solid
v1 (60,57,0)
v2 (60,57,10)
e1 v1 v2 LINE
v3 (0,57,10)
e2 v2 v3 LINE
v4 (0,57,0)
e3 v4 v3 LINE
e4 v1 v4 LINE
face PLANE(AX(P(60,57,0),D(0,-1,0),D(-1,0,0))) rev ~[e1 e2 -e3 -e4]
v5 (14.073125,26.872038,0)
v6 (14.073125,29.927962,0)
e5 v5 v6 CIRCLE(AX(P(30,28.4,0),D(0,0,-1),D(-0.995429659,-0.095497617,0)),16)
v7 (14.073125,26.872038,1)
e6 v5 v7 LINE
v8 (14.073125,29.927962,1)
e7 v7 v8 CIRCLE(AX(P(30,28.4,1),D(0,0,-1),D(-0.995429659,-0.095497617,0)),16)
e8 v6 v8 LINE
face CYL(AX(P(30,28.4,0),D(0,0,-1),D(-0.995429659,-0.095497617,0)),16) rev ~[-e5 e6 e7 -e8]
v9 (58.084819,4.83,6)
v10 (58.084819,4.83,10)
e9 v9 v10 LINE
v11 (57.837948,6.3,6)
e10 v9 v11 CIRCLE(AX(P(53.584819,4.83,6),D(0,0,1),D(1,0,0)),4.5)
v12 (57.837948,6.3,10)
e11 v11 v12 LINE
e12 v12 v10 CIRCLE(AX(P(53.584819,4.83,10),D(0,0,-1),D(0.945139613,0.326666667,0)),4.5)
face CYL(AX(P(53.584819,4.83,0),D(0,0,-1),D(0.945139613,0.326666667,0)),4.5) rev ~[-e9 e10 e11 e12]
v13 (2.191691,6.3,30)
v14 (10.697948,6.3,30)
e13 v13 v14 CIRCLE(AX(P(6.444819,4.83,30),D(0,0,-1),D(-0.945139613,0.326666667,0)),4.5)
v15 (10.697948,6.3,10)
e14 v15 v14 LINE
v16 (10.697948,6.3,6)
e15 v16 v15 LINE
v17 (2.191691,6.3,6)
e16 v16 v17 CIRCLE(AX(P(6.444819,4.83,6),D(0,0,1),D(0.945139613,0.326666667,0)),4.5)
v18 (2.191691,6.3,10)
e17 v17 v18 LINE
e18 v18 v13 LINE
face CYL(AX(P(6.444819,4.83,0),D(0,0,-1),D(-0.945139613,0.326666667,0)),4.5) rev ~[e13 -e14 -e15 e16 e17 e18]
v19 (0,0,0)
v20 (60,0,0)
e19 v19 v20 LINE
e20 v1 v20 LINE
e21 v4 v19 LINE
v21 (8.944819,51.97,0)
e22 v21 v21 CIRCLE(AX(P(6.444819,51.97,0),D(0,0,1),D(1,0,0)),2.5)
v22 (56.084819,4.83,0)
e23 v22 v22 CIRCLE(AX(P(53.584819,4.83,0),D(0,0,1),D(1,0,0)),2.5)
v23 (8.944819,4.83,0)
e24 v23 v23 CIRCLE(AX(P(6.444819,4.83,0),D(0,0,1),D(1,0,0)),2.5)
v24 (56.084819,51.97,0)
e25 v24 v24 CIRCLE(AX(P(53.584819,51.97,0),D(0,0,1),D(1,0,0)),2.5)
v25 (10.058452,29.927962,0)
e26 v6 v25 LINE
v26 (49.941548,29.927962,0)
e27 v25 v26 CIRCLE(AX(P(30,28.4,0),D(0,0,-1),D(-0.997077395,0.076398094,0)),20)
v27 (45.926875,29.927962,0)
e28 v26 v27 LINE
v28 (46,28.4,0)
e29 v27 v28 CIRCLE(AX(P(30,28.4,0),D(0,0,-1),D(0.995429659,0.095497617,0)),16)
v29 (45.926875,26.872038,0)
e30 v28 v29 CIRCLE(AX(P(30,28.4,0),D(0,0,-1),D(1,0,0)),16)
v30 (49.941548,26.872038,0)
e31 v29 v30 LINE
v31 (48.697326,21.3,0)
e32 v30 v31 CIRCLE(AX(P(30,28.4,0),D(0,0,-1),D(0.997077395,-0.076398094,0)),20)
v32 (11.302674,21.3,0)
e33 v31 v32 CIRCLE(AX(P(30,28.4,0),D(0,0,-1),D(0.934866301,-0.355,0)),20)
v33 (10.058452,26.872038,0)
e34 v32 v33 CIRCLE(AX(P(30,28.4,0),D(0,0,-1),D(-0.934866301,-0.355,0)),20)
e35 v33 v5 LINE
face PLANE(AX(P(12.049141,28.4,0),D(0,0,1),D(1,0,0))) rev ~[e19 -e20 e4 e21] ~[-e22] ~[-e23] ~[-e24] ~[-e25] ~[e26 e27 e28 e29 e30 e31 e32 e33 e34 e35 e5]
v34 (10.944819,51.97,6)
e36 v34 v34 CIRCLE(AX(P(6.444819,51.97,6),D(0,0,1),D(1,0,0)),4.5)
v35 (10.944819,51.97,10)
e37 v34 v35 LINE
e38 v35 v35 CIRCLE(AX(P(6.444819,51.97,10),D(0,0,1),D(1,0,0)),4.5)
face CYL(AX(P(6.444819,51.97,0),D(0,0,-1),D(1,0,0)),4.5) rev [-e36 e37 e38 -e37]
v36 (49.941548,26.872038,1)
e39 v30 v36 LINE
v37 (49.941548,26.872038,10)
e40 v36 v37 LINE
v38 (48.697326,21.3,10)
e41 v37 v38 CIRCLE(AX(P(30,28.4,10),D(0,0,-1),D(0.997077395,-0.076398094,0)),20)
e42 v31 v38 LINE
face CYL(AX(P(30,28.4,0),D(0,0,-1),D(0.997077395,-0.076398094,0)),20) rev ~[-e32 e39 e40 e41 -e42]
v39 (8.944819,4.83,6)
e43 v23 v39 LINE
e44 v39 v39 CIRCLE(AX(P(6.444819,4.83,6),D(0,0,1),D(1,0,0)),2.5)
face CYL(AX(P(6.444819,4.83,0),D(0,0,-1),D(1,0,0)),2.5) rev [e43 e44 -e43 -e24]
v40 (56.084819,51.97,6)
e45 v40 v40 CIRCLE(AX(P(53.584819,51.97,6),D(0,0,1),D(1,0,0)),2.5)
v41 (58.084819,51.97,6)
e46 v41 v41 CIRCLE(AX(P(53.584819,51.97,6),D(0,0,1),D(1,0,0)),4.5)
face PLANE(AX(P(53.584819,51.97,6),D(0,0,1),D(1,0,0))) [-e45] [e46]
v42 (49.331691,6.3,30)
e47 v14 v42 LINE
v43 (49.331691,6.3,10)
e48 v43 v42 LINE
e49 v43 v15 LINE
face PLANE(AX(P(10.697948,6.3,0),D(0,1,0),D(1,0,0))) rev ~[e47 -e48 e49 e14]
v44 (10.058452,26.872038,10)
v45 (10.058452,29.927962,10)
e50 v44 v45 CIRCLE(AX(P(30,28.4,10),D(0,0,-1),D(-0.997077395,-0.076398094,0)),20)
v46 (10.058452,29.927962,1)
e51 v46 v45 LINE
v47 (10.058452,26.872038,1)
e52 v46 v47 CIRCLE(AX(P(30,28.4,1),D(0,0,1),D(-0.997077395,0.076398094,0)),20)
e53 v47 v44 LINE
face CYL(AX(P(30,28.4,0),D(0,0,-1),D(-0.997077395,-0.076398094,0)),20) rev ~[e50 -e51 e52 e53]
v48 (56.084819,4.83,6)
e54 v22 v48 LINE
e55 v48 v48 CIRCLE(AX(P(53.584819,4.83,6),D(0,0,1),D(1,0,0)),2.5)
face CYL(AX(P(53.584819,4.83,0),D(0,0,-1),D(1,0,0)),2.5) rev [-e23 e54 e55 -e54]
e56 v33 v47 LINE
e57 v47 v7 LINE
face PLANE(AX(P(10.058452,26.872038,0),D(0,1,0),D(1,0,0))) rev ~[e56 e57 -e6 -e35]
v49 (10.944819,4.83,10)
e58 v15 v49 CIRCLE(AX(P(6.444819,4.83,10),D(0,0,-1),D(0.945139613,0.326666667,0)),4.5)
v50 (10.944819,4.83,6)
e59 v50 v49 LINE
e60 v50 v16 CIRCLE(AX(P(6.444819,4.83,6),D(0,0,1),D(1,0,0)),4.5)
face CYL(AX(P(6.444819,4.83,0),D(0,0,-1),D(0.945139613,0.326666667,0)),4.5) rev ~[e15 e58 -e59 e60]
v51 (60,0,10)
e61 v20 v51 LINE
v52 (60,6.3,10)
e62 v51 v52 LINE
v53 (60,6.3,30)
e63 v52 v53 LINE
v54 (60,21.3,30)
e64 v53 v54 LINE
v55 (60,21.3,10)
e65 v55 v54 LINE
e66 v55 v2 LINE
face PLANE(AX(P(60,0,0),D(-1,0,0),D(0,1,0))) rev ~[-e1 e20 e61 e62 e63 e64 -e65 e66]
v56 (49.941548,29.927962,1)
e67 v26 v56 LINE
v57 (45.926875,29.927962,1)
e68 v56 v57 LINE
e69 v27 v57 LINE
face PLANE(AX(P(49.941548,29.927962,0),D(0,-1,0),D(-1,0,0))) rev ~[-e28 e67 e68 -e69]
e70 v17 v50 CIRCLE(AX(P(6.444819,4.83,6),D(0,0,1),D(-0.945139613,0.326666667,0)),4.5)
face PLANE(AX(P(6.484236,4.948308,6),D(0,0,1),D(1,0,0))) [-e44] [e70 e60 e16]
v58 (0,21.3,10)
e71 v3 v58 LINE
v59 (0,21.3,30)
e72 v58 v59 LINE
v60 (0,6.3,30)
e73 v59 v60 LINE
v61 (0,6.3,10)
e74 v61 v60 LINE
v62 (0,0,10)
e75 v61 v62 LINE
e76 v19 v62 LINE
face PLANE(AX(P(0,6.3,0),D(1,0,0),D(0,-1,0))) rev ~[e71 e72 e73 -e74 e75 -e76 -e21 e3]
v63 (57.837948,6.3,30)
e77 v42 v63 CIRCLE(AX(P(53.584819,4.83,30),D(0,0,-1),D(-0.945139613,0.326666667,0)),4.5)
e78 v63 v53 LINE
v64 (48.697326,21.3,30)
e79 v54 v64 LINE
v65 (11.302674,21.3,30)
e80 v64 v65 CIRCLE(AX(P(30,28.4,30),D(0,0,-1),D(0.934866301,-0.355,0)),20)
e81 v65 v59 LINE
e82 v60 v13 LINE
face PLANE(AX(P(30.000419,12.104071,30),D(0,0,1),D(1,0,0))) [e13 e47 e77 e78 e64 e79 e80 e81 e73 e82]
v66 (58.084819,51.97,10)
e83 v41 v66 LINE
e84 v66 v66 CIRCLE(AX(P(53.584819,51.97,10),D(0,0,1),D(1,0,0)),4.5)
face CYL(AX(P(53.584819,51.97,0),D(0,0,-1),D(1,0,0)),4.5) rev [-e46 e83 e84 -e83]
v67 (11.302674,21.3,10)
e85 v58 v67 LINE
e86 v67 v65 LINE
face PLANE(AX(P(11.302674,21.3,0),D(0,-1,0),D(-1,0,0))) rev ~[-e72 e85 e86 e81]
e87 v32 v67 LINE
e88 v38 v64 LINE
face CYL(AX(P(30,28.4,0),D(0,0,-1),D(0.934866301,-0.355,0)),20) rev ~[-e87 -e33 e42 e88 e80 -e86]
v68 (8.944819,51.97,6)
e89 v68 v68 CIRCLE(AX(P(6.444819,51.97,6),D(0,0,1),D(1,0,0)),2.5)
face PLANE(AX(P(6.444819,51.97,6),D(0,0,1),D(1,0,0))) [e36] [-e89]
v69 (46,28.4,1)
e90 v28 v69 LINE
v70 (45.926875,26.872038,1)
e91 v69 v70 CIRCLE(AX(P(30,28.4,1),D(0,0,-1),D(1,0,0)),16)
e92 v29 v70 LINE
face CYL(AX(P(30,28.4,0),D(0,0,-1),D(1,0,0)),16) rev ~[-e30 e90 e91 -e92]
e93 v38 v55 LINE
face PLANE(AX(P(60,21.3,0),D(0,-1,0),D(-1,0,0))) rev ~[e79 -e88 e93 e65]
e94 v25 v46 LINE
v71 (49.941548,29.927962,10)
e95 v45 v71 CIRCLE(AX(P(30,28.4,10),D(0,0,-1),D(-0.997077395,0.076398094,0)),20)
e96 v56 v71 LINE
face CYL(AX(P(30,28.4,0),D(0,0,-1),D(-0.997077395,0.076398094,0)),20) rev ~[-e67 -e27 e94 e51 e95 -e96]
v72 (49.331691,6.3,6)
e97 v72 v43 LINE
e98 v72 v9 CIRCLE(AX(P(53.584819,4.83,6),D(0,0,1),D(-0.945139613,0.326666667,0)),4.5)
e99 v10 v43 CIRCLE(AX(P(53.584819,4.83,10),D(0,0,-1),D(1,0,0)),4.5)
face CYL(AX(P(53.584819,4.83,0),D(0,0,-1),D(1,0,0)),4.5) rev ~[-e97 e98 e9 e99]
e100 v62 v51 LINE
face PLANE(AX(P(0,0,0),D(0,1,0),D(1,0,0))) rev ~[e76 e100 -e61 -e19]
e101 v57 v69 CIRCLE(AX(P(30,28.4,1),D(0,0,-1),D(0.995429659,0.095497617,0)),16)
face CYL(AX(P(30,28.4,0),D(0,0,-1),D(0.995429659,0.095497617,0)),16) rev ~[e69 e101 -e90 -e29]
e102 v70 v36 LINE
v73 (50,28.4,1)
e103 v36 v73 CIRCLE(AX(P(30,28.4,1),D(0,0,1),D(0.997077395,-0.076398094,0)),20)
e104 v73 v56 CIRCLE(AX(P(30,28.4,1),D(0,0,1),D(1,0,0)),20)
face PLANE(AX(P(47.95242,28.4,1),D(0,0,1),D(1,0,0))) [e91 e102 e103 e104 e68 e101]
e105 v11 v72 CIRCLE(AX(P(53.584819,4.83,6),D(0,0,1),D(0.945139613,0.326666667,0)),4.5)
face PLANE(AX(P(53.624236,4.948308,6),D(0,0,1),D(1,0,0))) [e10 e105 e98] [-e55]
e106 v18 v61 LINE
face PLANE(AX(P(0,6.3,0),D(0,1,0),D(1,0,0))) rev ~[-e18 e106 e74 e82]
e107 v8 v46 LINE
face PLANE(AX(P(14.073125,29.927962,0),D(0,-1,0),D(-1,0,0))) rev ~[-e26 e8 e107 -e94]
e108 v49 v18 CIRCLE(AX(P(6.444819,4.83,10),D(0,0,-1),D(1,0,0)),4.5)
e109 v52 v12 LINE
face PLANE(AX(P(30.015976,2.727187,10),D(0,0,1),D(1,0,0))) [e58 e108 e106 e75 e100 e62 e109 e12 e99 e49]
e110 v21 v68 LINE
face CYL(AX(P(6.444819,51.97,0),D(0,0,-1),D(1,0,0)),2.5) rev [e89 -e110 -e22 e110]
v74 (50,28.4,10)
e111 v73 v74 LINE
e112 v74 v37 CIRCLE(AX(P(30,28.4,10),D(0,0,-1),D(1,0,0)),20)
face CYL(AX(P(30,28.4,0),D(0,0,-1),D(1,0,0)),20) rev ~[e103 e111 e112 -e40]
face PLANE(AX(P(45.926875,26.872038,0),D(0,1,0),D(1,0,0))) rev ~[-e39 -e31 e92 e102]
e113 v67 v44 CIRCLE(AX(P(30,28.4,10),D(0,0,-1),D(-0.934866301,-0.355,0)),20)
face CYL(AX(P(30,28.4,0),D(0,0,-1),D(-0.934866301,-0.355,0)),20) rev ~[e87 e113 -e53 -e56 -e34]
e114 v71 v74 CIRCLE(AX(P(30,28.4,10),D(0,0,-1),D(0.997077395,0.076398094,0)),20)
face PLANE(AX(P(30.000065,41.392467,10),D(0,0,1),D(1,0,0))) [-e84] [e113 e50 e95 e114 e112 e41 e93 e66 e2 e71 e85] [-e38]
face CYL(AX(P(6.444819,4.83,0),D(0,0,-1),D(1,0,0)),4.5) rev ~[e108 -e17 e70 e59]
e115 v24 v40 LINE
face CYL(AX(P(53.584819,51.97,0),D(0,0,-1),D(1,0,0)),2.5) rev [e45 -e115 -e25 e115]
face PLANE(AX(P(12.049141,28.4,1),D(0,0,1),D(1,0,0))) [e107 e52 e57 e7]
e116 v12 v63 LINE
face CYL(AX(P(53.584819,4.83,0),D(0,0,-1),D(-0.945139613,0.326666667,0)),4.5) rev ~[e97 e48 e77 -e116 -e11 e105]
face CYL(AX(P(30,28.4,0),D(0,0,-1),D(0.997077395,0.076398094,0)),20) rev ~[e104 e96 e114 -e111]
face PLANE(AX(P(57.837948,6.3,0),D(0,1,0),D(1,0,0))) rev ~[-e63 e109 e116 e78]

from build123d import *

# Parameters (mm, degrees)
F0_R     = 4.5
F1_DEPTH = 10
F2_DEPTH = 30
F3_DEPTH = 10
F0_R_2   = 2.5
F4_DEPTH = 6
F5_DEPTH = 6
F6_DEPTH = 6
F7_DEPTH = 1


with BuildPart() as f1:
    # F0 (on Top) → F1 (new body)
    with BuildSketch(Plane.XY):
        with BuildLine():
            Line((0, 57), (0, 21.3))
            Line((0, 21.3), (11.302673988, 21.3))
            ThreePointArc((11.302673988, 21.3), (10.4807134754, 24.0413931616), (10.0584521038, 26.8720381207))
            ThreePointArc((10.0584521038, 26.8720381207), (10, 28.4), (10.0584521038, 29.9279618793))
            ThreePointArc((10.0584521038, 29.9279618793), (30, 48.4), (49.9415478962, 29.9279618793))
            ThreePointArc((49.9415478962, 29.9279618793), (49.9853816316, 29.1645397558), (50, 28.4))
            ThreePointArc((50, 28.4), (49.9853816316, 27.6354602442), (49.9415478962, 26.8720381207))
            ThreePointArc((49.9415478962, 26.8720381207), (49.5192865246, 24.0413931616), (48.697326012, 21.3))
            Line((48.697326012, 21.3), (60, 21.3))
            Line((60, 21.3), (60, 57))
            Line((60, 57), (0, 57))
        make_face()
        with Locations((6.4448192716, 51.97)):
            Circle(F0_R, mode=Mode.SUBTRACT)
        with Locations((53.5848192716, 51.97)):
            Circle(F0_R, mode=Mode.SUBTRACT)
    extrude(amount=F1_DEPTH)

    # F0 (on Top) → F2 (join)
    with BuildSketch(Plane.XY):
        with BuildLine():
            Line((0, 21.3), (0, 6.3))
            Line((0, 6.3), (2.1916910111, 6.3))
            ThreePointArc((2.1916910111, 6.3), (6.4448192716, 9.33), (10.697947532, 6.3))
            Line((10.697947532, 6.3), (49.3316910111, 6.3))
            ThreePointArc((49.3316910111, 6.3), (53.5848192716, 9.33), (57.837947532, 6.3))
            Line((57.837947532, 6.3), (60, 6.3))
            Line((60, 6.3), (60, 21.3))
            Line((60, 21.3), (48.697326012, 21.3))
            ThreePointArc((48.697326012, 21.3), (30, 8.4), (11.302673988, 21.3))
            Line((11.302673988, 21.3), (0, 21.3))
        make_face()
    extrude(amount=F2_DEPTH)

    # F0 (on Top) → F3 (join)
    with BuildSketch(Plane.XY):
        with BuildLine():
            Line((0, 6.3), (0, 0))
            Line((0, 0), (60, 0))
            Line((60, 0), (60, 6.3))
            Line((60, 6.3), (57.837947532, 6.3))
            ThreePointArc((57.837947532, 6.3), (58.0226721968, 5.5752928377), (58.0848192716, 4.83))
            ThreePointArc((58.0848192716, 4.83), (52.8395264339, 0.3921470748), (49.3316910111, 6.3))
            Line((49.3316910111, 6.3), (10.697947532, 6.3))
            ThreePointArc((10.697947532, 6.3), (10.8826721968, 5.5752928377), (10.9448192716, 4.83))
            ThreePointArc((10.9448192716, 4.83), (5.6995264339, 0.3921470748), (2.1916910111, 6.3))
            Line((2.1916910111, 6.3), (0, 6.3))
        make_face()
    extrude(amount=F3_DEPTH)

    # F0 (on Top) → F4 (join)
    with BuildSketch(Plane.XY):
        with BuildLine():
            ThreePointArc((10.697947532, 6.3), (6.4448192716, 9.33), (2.1916910111, 6.3))
            ThreePointArc((2.1916910111, 6.3), (5.6995264339, 0.3921470748), (10.9448192716, 4.83))
            ThreePointArc((10.9448192716, 4.83), (10.8826721968, 5.5752928377), (10.697947532, 6.3))
        make_face()
        with Locations((6.4448192716, 4.83)):
            Circle(F0_R_2, mode=Mode.SUBTRACT)
    extrude(amount=F4_DEPTH)

    # F0 (on Top) → F5 (join)
    with BuildSketch(Plane.XY):
        with BuildLine():
            ThreePointArc((58.0848192716, 4.83), (58.0226721968, 5.5752928377), (57.837947532, 6.3))
            ThreePointArc((57.837947532, 6.3), (53.5848192716, 9.33), (49.3316910111, 6.3))
            ThreePointArc((49.3316910111, 6.3), (52.8395264339, 0.3921470748), (58.0848192716, 4.83))
        make_face()
        with Locations((53.5848192716, 4.83)):
            Circle(F0_R_2, mode=Mode.SUBTRACT)
    extrude(amount=F5_DEPTH)

    # F0 (on Top) → F6 (join)
    with BuildSketch(Plane.XY):
        with Locations((6.4448192716, 51.97)):
            Circle(F0_R)
        with Locations((6.4448192716, 51.97)):
            Circle(F0_R_2, mode=Mode.SUBTRACT)
        with Locations((53.5848192716, 51.97)):
            Circle(F0_R)
        with Locations((53.5848192716, 51.97)):
            Circle(F0_R_2, mode=Mode.SUBTRACT)
    extrude(amount=F6_DEPTH)

    # F0 (on Top) → F7 (join)
    with BuildSketch(Plane.XY):
        with BuildLine():
            ThreePointArc((10.0584521038, 29.9279618793), (10, 28.4), (10.0584521038, 26.8720381207))
            Line((10.0584521038, 26.8720381207), (14.0731254637, 26.8720381207))
            ThreePointArc((14.0731254637, 26.8720381207), (14, 28.4), (14.0731254637, 29.9279618793))
            Line((14.0731254637, 29.9279618793), (10.0584521038, 29.9279618793))
        make_face()
        with BuildLine():
            Line((45.9268745363, 26.8720381207), (49.9415478962, 26.8720381207))
            ThreePointArc((49.9415478962, 26.8720381207), (49.9853816316, 27.6354602442), (50, 28.4))
            ThreePointArc((50, 28.4), (49.9853816316, 29.1645397558), (49.9415478962, 29.9279618793))
            Line((49.9415478962, 29.9279618793), (45.9268745363, 29.9279618793))
            ThreePointArc((45.9268745363, 29.9279618793), (45.9817081781, 29.164855352), (46, 28.4))
            ThreePointArc((46, 28.4), (45.9817081781, 27.635144648), (45.9268745363, 26.8720381207))
        make_face()
    extrude(amount=F7_DEPTH)


solid = f1.part
